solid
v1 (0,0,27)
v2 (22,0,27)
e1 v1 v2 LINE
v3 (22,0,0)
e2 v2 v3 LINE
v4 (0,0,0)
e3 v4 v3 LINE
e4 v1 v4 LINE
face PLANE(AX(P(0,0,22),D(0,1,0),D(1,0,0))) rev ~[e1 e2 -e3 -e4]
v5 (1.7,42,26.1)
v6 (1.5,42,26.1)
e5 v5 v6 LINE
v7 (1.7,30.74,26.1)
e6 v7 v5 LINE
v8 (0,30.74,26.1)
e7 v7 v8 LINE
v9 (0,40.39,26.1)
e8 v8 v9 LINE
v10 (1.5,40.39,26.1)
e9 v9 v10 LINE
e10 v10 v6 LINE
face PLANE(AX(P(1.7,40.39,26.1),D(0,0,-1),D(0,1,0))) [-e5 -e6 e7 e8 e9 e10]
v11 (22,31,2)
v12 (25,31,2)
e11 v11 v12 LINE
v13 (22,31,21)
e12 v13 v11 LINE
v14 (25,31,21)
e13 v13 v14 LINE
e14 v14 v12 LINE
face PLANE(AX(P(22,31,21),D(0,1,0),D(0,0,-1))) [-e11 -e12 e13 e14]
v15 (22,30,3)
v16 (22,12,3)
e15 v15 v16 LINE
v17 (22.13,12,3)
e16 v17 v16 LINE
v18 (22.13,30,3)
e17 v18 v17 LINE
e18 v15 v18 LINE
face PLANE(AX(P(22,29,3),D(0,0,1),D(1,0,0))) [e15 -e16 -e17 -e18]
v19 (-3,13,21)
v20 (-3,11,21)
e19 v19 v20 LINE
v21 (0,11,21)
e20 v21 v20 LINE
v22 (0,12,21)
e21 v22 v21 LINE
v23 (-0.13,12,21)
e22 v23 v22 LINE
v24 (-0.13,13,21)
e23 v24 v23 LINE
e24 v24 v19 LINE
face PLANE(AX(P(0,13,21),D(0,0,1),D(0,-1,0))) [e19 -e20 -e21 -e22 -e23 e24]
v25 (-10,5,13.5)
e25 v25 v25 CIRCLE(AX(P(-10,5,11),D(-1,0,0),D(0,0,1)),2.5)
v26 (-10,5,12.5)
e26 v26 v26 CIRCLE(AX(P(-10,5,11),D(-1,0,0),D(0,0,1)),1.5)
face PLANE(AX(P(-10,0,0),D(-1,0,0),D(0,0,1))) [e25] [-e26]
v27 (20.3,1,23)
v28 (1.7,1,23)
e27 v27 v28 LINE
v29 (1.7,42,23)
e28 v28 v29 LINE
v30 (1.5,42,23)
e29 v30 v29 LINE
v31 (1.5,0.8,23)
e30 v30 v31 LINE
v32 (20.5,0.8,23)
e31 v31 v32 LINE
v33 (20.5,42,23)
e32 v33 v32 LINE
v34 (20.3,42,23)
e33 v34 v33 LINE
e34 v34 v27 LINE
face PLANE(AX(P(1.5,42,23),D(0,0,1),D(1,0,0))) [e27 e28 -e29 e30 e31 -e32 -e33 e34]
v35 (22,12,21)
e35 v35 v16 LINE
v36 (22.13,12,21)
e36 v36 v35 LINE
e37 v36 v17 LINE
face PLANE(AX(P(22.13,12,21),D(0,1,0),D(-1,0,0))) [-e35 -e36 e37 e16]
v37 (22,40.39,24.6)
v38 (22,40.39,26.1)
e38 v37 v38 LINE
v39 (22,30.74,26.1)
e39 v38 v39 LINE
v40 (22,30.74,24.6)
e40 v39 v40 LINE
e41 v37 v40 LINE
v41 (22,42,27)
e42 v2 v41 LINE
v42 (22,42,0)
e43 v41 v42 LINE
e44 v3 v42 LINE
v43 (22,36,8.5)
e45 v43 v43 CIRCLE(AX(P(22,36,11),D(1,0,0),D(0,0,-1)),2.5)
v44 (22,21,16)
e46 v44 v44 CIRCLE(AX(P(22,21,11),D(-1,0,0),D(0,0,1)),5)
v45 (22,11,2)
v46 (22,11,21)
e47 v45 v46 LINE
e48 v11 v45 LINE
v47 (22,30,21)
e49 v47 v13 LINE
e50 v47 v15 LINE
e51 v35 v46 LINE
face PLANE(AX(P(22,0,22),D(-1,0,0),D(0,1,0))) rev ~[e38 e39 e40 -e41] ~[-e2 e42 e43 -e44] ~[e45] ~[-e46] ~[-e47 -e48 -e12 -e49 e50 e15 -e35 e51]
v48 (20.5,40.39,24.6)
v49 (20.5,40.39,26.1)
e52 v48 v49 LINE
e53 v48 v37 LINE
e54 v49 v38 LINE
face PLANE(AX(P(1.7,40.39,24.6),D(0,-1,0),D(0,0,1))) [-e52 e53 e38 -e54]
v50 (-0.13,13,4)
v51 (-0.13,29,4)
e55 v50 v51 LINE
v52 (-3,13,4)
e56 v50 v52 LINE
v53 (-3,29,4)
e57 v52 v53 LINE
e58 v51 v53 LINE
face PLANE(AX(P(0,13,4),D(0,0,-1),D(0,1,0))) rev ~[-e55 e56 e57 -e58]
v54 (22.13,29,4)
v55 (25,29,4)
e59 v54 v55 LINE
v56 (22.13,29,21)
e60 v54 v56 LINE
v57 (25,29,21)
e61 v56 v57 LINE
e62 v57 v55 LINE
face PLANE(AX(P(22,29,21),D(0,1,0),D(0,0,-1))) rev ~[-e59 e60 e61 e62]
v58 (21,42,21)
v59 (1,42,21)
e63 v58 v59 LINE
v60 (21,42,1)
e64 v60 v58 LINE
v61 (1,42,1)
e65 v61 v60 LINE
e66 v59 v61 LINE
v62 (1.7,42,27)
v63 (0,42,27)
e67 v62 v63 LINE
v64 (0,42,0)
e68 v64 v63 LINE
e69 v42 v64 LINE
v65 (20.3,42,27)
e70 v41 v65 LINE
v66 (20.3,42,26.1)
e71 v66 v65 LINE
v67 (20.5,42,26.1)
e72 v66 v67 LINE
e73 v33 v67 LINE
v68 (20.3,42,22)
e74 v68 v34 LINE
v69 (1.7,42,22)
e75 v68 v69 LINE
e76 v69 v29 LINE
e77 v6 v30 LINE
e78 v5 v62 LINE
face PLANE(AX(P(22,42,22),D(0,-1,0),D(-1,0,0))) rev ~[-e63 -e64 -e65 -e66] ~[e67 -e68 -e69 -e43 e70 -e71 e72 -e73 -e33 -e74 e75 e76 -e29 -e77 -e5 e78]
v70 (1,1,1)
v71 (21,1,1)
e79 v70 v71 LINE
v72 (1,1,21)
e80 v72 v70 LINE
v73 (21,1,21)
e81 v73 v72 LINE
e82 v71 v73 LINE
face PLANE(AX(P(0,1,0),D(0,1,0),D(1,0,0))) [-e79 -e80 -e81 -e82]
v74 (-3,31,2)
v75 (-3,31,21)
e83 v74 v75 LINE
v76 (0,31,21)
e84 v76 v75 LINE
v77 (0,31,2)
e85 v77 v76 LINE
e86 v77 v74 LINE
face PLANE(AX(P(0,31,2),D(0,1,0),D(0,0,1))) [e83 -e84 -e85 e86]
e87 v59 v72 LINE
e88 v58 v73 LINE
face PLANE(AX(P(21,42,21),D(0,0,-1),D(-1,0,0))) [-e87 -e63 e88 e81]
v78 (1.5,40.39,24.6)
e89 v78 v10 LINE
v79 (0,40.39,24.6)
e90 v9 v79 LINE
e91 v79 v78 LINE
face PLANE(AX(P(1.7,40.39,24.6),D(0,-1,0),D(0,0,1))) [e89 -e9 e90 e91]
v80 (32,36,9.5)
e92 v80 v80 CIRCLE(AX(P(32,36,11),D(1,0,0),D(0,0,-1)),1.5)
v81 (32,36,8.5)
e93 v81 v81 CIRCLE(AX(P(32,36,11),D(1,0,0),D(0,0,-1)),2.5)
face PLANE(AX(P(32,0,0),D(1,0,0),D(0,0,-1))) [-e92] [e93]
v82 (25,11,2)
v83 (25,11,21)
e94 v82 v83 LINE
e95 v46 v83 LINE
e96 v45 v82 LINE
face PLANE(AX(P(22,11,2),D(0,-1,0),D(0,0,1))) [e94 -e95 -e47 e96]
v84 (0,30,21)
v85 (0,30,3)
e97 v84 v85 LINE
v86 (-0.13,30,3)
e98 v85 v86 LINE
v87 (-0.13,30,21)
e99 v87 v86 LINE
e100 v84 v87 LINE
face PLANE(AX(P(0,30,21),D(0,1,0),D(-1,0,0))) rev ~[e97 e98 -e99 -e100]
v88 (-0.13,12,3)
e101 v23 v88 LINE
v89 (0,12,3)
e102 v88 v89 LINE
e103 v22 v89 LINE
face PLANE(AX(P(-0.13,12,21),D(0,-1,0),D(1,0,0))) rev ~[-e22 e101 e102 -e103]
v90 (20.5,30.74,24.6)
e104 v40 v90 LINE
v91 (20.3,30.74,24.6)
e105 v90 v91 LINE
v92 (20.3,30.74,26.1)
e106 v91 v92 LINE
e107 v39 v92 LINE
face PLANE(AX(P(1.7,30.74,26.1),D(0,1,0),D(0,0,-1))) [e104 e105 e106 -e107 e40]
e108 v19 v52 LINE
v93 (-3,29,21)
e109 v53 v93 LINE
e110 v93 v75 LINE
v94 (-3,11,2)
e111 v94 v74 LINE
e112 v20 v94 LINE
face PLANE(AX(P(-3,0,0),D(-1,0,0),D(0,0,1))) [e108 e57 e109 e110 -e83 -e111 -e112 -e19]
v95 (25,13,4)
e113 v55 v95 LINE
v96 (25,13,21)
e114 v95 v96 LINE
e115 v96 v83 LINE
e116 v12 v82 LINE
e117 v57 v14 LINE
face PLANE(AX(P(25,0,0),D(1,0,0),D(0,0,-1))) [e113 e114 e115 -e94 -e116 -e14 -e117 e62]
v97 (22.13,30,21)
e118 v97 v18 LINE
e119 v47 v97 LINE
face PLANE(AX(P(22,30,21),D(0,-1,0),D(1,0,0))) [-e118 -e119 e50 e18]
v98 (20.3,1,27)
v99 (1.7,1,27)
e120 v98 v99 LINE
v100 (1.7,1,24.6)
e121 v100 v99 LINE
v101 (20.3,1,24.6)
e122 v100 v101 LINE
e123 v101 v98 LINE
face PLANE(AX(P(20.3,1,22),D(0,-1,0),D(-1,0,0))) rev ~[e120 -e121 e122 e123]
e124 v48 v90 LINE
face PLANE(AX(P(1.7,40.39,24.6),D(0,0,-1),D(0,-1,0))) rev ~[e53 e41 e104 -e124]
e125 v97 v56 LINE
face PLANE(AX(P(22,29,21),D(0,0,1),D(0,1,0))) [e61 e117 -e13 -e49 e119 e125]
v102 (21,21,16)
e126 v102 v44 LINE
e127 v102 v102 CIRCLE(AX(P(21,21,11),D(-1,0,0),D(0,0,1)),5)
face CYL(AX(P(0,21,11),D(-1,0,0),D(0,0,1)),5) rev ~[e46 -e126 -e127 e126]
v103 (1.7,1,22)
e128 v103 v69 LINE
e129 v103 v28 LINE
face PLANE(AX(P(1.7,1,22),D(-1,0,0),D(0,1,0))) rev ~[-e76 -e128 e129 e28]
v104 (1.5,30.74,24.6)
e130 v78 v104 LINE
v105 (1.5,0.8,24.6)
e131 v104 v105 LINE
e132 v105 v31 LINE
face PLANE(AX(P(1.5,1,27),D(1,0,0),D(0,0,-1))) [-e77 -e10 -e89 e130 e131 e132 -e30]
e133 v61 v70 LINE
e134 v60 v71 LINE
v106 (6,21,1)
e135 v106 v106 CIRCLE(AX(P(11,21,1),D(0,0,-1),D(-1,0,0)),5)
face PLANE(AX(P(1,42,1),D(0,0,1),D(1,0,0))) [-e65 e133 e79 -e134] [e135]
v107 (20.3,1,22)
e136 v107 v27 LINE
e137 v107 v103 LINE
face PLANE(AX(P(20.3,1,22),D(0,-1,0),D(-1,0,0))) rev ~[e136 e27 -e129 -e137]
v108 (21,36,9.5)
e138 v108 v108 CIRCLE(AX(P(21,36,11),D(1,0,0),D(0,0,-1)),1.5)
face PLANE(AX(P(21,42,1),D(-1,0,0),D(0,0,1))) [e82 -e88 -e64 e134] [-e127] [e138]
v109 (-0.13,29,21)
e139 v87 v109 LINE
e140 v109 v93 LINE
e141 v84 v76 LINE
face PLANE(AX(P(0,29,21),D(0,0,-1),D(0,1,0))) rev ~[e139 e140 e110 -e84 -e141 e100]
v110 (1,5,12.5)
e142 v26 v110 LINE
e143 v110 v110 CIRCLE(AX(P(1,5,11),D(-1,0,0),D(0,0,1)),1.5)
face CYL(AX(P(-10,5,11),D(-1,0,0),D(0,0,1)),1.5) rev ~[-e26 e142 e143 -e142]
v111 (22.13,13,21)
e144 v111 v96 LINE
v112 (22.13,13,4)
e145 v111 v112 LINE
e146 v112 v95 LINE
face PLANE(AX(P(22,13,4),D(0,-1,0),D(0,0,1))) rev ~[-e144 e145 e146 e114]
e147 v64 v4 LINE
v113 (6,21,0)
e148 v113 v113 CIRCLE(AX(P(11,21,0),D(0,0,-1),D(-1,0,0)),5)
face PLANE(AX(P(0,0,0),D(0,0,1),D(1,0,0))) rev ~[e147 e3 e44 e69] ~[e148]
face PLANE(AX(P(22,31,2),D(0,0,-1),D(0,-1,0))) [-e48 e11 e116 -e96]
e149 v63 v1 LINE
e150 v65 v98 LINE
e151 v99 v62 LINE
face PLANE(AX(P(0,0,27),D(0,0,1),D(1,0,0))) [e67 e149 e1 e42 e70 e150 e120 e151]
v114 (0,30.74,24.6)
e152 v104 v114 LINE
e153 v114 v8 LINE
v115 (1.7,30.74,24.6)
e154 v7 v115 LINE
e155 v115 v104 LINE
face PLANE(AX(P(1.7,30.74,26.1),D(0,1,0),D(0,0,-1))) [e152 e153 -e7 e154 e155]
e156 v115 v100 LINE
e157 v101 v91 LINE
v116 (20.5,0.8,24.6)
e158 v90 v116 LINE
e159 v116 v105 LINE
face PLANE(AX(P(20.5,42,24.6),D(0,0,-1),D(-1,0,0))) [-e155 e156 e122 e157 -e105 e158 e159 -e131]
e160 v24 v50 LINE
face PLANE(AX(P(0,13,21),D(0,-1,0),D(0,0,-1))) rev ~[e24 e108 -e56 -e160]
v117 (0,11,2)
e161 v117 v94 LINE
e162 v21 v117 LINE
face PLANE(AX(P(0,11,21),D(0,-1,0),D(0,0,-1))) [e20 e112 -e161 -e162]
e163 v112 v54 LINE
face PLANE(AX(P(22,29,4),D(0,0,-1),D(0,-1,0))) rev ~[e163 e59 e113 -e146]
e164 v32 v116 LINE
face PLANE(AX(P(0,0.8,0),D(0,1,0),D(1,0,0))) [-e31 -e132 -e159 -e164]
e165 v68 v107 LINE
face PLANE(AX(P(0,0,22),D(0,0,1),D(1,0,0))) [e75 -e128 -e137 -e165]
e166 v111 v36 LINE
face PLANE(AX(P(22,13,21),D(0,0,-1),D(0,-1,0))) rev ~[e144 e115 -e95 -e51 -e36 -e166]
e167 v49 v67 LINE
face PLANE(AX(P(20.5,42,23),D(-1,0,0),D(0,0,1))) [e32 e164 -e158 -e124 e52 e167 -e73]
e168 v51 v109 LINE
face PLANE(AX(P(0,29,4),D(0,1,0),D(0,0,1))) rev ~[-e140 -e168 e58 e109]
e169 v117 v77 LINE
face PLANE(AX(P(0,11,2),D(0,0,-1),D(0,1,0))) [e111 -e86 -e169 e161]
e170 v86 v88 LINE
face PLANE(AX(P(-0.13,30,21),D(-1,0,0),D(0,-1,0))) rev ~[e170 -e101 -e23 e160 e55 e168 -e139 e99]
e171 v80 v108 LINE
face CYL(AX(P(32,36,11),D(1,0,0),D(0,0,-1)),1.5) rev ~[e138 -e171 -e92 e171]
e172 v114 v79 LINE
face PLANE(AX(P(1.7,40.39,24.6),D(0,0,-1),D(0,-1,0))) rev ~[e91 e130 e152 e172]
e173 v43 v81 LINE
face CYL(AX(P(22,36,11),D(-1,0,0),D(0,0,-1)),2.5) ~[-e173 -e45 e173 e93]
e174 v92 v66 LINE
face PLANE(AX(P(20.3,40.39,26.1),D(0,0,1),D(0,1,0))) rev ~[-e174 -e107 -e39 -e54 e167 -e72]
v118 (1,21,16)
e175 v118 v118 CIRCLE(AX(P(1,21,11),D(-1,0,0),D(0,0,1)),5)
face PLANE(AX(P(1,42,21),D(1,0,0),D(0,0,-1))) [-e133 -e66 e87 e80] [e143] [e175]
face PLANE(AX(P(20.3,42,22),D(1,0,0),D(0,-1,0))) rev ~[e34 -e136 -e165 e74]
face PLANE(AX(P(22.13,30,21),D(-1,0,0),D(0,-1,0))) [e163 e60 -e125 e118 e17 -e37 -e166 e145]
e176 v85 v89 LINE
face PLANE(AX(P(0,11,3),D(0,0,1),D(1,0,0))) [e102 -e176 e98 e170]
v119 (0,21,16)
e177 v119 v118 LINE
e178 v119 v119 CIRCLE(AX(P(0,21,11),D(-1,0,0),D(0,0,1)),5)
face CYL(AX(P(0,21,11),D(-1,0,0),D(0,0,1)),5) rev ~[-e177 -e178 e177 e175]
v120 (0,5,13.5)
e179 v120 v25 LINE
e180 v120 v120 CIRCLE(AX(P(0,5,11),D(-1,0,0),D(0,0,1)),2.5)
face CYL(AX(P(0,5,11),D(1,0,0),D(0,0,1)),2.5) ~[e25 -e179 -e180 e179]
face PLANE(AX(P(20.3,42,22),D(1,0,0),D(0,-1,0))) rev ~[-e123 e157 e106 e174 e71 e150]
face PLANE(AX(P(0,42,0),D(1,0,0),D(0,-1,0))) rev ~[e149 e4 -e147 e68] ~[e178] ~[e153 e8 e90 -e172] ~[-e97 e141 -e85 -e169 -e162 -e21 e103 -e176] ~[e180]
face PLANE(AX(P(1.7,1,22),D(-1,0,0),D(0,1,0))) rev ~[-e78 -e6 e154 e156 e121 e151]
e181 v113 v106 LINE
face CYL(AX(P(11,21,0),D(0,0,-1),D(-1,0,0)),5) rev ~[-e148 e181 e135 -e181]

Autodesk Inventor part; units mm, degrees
ref_plane "YZ Plane" through (0, 0, 0) normal (1, 0, 0) x (0, 1, 0)
ref_plane "XZ Plane" through (0, 0, 0) normal (0, 1, 0) x (-1, 0, 0)
ref_plane "XY Plane" through (0, 0, 0) normal (0, 0, 1) x (1, 0, 0)
sketch "Sketch1" plane through (0, 0, 0) normal (0, 0, 1) x (1, 0, 0)
  line L0 (0, 0) -> (22, 0)
  line L1 (22, 0) -> (22, 42)
  line L2 (22, 42) -> (0, 42)
  line L3 (0, 42) -> (0, 0)
  dimension "d0" = 42
  dimension "d1" = 22
extrude "Extrusion1" add sketch "Sketch1" along normal blind 22
sketch "Sketch2" plane through (0, 0, 0) normal (-1, 0, 0) x (0, 0, 1)
  circle A0 centre (11, 5) radius 2.5
  line L0 (0, 42) -> (0, 0) projected
  line L1 (0, 0) -> (22, 0) projected
  dimension "d4" = 11
  dimension "d5" = 5
  dimension "d6" = 5
extrude "Extrusion2" add sketch "Sketch2" along normal blind 10
sketch "Sketch3" plane through (22, 0, 0) normal (1, 0, 0) x (0, 0, -1)
  circle A0 centre (-11, 36) radius 2.5
  line L0 (0, 42) -> (-22, 42) projected
  line L1 (0, 0) -> (0, 42) projected
  dimension "d9" = 5
  dimension "d10" = 6
  dimension "d11" = 11
extrude "Extrusion3" add sketch "Sketch3" along normal blind 10
sketch "Sketch4" plane through (0, 42, 0) normal (0, 1, 0) x (1, 0, 0)
  line L0 (1, -1) -> (21, -1)
  line L1 (21, -1) -> (21, -21)
  line L2 (21, -21) -> (1, -21)
  line L3 (1, -21) -> (1, -1)
  line L4 (0, 0) -> (0, -22) projected
  line L5 (22, 0) -> (0, 0) projected
  line L6 (22, 0) -> (22, -22) projected
  line L7 (22, -22) -> (0, -22) projected
  dimension "d14" = 1
  dimension "d15" = 1
  dimension "d16" = 1
  dimension "d17" = 1
extrude "Extrusion4" cut sketch "Sketch4" against normal blind 41 contours L0 L1 L2 L3
sketch "Sketch5" plane through (0, 0, 0) normal (-1, 0, 0) x (0, 0, 1)
  circle A0 centre (11, 21) radius 5
  line L0 (0, 42) -> (0, 0) projected
  line L1 (0, 0) -> (22, 0) projected
  dimension "d20" = 11
  dimension "d21" = 10
  dimension "d22" = 21
extrude "Extrusion5" cut sketch "Sketch5" against normal through all
sketch "Sketch6" plane through (0, 0, 0) normal (0, 0, -1) x (-1, 0, 0)
  circle A0 centre (-11, 21) radius 5
  line L0 (0, 0) -> (-22, 0) projected
  line L1 (0, 42) -> (0, 0) projected
  dimension "d25" = 21
  dimension "d26" = 11
  dimension "d27" = 10
extrude "Extrusion6" cut sketch "Sketch6" against normal up to surface (1 mm away)
sketch "Sketch7" plane through (-10, 5, 11) normal (-1, 0, 0) x (0, 0, 1)
  circle A0 centre (0, 0) radius 1.5
  circle A1 centre (0, 0) radius 2.5 projected
  point P0 (-11, -5)
  dimension "d30" = 1
extrude "Extrusion7" cut sketch "Sketch7" against normal up to surface (11 mm away) contours A0
sketch "Sketch8" plane through (32, 36, 11) normal (1, 0, 0) x (0, 0, -1)
  circle A0 centre (0, 0) radius 1.5
  circle A1 centre (0, 0) radius 2.5 projected
  point P0 (11, -36)
  dimension "d33" = 1
extrude "Extrusion8" cut sketch "Sketch8" against normal up to surface (11 mm away) contours A0
sketch "Sketch9" plane through (0, 0, 22) normal (0, 0, 1) x (1, 0, 0)
  line L0 (20.3, 42) -> (20.3, 1)
  line L1 (20.3, 1) -> (1.7, 1)
  line L2 (1.7, 1) -> (1.7, 42)
  line L3 (0, 42) -> (0, 0) projected
  line L4 (0, 0) -> (22, 0) projected
  line L5 (22, 42) -> (0, 42) projected
  line L6 (22, 42) -> (0, 42) projected
  line L7 (1.7, 42) -> (0, 42)
  line L8 (0, 42) -> (0, 0) projected
  line L9 (0, 42) -> (0, 0)
  line L10 (0, 0) -> (22, 0)
  line L11 (22, 0) -> (22, 42) projected
  line L12 (22, 0) -> (22, 42)
  line L13 (22, 0) -> (22, 42) projected
  line L14 (20.3, 42) -> (22, 42)
  point P0 (1.7, 42)
  dimension "d37" = 1.7
  dimension "d38" = 1
extrude "Extrusion9" add sketch "Sketch9" along normal blind 5 contours L5 L11 L4 L3 L2 L1 L0
sketch "Sketch10" plane through (0, 42, 0) normal (0, 1, 0) x (1, 0, 0)
  line L0 (20.5, -24.6) -> (1.5, -24.6)
  line L1 (1.5, -24.6) -> (1.5, -23)
  line L2 (1.5, -23) -> (20.5, -23)
  line L3 (20.5, -23) -> (20.5, -24.6)
  line L4 (0, 0) -> (0, -27) projected
  line L5 (20.3, -22) -> (1.7, -22) projected
  dimension "d41" = 19
  dimension "d42" = 1.6
  dimension "d43" = 1.5
  dimension "d44" = 1
extrude "Extrusion10" cut sketch "Sketch10" against normal blind 41.2
sketch "Sketch12" plane through (1.7, 1, 27) normal (1, 0, 0) x (0, 0, -1)
  line L0 (2.4, 41) -> (2.4, -0.2) projected
  line L1 (2.4, 39.39) -> (0.9, 39.39)
  line L2 (0.9, 39.39) -> (0.9, 29.74)
  line L3 (0.9, 29.74) -> (2.4, 29.74)
  line L4 (2.4, 29.74) -> (2.4, 39.39)
  line L5 (2.4, -0.2) -> (4, -0.2) projected
  point P0 (27, -1)
  point P1 (2.4, 29.74)
  dimension "d48" = 1.5
  dimension "d49" = 9.65
  dimension "d50" = 29.94
extrude "Extrusion11" cut sketch "Sketch12" along normal through all both and the other way through all
sketch "Sketch13" plane through (20.3, 1, 27) normal (-1, 0, 0) x (0, 0, 1)
  line L0 (-2.4, 39.39) -> (-2.4, 29.74) projected
  line L1 (-2.4, 39.39) -> (-0.9, 39.39)
  line L2 (-0.9, 39.39) -> (-0.9, 41)
  line L3 (-0.9, 41) -> (-2.4, 41)
  line L4 (-2.4, 41) -> (-2.4, 39.39)
  line L5 (-0.9, 39.39) -> (-0.9, 29.74) projected
  line L6 (-2.4, 41) -> (0, 41) projected
  point P0 (-27, -1)
extrude "Extrusion12" cut sketch "Sketch13" against normal up to surface (0.2 mm away)
sketch "Sketch14" plane through (1.7, 1, 27) normal (1, 0, 0) x (0, 0, -1)
  line L0 (2.4, 39.39) -> (2.4, 41) projected
  line L1 (2.4, 39.39) -> (0.9, 39.39)
  line L2 (0.9, 39.39) -> (0.9, 41)
  line L3 (0.9, 41) -> (2.4, 41)
  line L4 (2.4, 41) -> (2.4, 39.39)
  line L5 (0.9, 29.74) -> (0.9, 39.39) projected
  line L6 (2.4, 41) -> (0, 41) projected
  point P0 (27, -1)
extrude "Extrusion13" cut sketch "Sketch14" against normal up to surface (0.2 mm away)
sketch "Sketch15" plane through (0, 0, 0) normal (-1, 0, 0) x (0, 0, 1)
  line L0 (0, 42) -> (0, 0) projected
  line L1 (4, 29) -> (21, 29)
  line L2 (21, 13) -> (4, 13)
  line L3 (4, 13) -> (4, 29)
  line L4 (2, 31) -> (21, 31)
  line L5 (21, 11) -> (2, 11)
  line L6 (2, 11) -> (2, 31)
  line L7 (21, 13) -> (21, 11)
  line L8 (21, 29) -> (21, 31)
  circle A0 centre (11, 21) radius 5 projected
  dimension "d70" = 17
  dimension "d71" = 16
  dimension "d72" = 2
  dimension "d73" = 2
  dimension "d74" = 8
  dimension "d75" = 7
extrude "Extrusion15" add sketch "Sketch15" along normal blind 3 contours L3 L2 L7 L5 L6 L4 L8 L1
sketch "Sketch16" plane through (0, 11, 21) normal (0, 0, 1) x (1, 0, 0)
  line L0 (0, 31) -> (0, -11) projected
  line L1 (-0.13, 1) -> (0, 1)
  line L2 (0, 1) -> (0, 19)
  line L3 (0, 19) -> (-0.13, 19)
  line L4 (-0.13, 19) -> (-0.13, 1)
  line L5 (0, 0) -> (-3, 0) projected
  point P0 (0, 1)
  dimension "d78" = 0.13
  dimension "d79" = 18
  dimension "d80" = 1
extrude "Extrusion16" cut sketch "Sketch16" against normal blind 18
sketch "Sketch17" plane through (22, 0, 0) normal (1, 0, 0) x (0, 0, -1)
  line L0 (-21, 31) -> (-2, 31)
  line L1 (-2, 31) -> (-2, 11)
  line L2 (-2, 11) -> (-21, 11)
  line L3 (-21, 29) -> (-4, 29)
  line L4 (-4, 29) -> (-4, 13)
  line L5 (-4, 13) -> (-21, 13)
  line L6 (-21, 29) -> (-21, 31)
  line L7 (-21, 13) -> (-21, 11)
  circle A0 centre (-11, 21) radius 5 projected
  point P0 (0, 0)
  point P1 (0, 67.5888)
  dimension "d89" = 2
  dimension "d90" = 16
  dimension "d91" = 17
  dimension "d92" = 2
  dimension "d93" = 8
  dimension "d94" = 7
extrude "Extrusion17" add sketch "Sketch17" along normal blind 3 contours L0 L1 L2 L7 L5 L4 L3 L6
sketch "Sketch19" plane through (22, 29, 21) normal (0, 0, 1) x (1, 0, 0)
  line L0 (0, 2) -> (0, -18) projected
  line L1 (0, 1) -> (0.13, 1)
  line L2 (0.13, 1) -> (0.13, -17)
  line L3 (0.13, -17) -> (0, -17)
  line L4 (0, -17) -> (0, 1)
  line L5 (0, 2) -> (3, 2) projected
  point P0 (-22, -29)
  point P1 (0, -17)
  dimension "d105" = 0.13
  dimension "d106" = 18
  dimension "d107" = 1
extrude "Extrusion19" cut sketch "Sketch19" against normal blind 18
sketch "Sketch18" plane through (0, 0, 0) normal (0, 0, -1) x (-1, 0, 0)
  line L0 (-1, 31) -> (-1, 12)
  line L1 (-1, 12) -> (-21, 12)
  line L2 (-21, 12) -> (-21, 31)
  line L3 (-3, 31) -> (-3, 14)
  line L4 (-3, 14) -> (-19, 14)
  line L5 (-19, 14) -> (-19, 31)
  line L6 (-21, 31) -> (-19, 31)
  line L7 (-3, 31) -> (-1, 31)
  circle A0 centre (-11, 21) radius 5 projected
  point P0 (0, 0)
  dimension "d97" = 16
  dimension "d98" = 2
  dimension "d99" = 17
  dimension "d100" = 2
  dimension "d101" = 8
  dimension "d102" = 7
properties part number "Measurement"
